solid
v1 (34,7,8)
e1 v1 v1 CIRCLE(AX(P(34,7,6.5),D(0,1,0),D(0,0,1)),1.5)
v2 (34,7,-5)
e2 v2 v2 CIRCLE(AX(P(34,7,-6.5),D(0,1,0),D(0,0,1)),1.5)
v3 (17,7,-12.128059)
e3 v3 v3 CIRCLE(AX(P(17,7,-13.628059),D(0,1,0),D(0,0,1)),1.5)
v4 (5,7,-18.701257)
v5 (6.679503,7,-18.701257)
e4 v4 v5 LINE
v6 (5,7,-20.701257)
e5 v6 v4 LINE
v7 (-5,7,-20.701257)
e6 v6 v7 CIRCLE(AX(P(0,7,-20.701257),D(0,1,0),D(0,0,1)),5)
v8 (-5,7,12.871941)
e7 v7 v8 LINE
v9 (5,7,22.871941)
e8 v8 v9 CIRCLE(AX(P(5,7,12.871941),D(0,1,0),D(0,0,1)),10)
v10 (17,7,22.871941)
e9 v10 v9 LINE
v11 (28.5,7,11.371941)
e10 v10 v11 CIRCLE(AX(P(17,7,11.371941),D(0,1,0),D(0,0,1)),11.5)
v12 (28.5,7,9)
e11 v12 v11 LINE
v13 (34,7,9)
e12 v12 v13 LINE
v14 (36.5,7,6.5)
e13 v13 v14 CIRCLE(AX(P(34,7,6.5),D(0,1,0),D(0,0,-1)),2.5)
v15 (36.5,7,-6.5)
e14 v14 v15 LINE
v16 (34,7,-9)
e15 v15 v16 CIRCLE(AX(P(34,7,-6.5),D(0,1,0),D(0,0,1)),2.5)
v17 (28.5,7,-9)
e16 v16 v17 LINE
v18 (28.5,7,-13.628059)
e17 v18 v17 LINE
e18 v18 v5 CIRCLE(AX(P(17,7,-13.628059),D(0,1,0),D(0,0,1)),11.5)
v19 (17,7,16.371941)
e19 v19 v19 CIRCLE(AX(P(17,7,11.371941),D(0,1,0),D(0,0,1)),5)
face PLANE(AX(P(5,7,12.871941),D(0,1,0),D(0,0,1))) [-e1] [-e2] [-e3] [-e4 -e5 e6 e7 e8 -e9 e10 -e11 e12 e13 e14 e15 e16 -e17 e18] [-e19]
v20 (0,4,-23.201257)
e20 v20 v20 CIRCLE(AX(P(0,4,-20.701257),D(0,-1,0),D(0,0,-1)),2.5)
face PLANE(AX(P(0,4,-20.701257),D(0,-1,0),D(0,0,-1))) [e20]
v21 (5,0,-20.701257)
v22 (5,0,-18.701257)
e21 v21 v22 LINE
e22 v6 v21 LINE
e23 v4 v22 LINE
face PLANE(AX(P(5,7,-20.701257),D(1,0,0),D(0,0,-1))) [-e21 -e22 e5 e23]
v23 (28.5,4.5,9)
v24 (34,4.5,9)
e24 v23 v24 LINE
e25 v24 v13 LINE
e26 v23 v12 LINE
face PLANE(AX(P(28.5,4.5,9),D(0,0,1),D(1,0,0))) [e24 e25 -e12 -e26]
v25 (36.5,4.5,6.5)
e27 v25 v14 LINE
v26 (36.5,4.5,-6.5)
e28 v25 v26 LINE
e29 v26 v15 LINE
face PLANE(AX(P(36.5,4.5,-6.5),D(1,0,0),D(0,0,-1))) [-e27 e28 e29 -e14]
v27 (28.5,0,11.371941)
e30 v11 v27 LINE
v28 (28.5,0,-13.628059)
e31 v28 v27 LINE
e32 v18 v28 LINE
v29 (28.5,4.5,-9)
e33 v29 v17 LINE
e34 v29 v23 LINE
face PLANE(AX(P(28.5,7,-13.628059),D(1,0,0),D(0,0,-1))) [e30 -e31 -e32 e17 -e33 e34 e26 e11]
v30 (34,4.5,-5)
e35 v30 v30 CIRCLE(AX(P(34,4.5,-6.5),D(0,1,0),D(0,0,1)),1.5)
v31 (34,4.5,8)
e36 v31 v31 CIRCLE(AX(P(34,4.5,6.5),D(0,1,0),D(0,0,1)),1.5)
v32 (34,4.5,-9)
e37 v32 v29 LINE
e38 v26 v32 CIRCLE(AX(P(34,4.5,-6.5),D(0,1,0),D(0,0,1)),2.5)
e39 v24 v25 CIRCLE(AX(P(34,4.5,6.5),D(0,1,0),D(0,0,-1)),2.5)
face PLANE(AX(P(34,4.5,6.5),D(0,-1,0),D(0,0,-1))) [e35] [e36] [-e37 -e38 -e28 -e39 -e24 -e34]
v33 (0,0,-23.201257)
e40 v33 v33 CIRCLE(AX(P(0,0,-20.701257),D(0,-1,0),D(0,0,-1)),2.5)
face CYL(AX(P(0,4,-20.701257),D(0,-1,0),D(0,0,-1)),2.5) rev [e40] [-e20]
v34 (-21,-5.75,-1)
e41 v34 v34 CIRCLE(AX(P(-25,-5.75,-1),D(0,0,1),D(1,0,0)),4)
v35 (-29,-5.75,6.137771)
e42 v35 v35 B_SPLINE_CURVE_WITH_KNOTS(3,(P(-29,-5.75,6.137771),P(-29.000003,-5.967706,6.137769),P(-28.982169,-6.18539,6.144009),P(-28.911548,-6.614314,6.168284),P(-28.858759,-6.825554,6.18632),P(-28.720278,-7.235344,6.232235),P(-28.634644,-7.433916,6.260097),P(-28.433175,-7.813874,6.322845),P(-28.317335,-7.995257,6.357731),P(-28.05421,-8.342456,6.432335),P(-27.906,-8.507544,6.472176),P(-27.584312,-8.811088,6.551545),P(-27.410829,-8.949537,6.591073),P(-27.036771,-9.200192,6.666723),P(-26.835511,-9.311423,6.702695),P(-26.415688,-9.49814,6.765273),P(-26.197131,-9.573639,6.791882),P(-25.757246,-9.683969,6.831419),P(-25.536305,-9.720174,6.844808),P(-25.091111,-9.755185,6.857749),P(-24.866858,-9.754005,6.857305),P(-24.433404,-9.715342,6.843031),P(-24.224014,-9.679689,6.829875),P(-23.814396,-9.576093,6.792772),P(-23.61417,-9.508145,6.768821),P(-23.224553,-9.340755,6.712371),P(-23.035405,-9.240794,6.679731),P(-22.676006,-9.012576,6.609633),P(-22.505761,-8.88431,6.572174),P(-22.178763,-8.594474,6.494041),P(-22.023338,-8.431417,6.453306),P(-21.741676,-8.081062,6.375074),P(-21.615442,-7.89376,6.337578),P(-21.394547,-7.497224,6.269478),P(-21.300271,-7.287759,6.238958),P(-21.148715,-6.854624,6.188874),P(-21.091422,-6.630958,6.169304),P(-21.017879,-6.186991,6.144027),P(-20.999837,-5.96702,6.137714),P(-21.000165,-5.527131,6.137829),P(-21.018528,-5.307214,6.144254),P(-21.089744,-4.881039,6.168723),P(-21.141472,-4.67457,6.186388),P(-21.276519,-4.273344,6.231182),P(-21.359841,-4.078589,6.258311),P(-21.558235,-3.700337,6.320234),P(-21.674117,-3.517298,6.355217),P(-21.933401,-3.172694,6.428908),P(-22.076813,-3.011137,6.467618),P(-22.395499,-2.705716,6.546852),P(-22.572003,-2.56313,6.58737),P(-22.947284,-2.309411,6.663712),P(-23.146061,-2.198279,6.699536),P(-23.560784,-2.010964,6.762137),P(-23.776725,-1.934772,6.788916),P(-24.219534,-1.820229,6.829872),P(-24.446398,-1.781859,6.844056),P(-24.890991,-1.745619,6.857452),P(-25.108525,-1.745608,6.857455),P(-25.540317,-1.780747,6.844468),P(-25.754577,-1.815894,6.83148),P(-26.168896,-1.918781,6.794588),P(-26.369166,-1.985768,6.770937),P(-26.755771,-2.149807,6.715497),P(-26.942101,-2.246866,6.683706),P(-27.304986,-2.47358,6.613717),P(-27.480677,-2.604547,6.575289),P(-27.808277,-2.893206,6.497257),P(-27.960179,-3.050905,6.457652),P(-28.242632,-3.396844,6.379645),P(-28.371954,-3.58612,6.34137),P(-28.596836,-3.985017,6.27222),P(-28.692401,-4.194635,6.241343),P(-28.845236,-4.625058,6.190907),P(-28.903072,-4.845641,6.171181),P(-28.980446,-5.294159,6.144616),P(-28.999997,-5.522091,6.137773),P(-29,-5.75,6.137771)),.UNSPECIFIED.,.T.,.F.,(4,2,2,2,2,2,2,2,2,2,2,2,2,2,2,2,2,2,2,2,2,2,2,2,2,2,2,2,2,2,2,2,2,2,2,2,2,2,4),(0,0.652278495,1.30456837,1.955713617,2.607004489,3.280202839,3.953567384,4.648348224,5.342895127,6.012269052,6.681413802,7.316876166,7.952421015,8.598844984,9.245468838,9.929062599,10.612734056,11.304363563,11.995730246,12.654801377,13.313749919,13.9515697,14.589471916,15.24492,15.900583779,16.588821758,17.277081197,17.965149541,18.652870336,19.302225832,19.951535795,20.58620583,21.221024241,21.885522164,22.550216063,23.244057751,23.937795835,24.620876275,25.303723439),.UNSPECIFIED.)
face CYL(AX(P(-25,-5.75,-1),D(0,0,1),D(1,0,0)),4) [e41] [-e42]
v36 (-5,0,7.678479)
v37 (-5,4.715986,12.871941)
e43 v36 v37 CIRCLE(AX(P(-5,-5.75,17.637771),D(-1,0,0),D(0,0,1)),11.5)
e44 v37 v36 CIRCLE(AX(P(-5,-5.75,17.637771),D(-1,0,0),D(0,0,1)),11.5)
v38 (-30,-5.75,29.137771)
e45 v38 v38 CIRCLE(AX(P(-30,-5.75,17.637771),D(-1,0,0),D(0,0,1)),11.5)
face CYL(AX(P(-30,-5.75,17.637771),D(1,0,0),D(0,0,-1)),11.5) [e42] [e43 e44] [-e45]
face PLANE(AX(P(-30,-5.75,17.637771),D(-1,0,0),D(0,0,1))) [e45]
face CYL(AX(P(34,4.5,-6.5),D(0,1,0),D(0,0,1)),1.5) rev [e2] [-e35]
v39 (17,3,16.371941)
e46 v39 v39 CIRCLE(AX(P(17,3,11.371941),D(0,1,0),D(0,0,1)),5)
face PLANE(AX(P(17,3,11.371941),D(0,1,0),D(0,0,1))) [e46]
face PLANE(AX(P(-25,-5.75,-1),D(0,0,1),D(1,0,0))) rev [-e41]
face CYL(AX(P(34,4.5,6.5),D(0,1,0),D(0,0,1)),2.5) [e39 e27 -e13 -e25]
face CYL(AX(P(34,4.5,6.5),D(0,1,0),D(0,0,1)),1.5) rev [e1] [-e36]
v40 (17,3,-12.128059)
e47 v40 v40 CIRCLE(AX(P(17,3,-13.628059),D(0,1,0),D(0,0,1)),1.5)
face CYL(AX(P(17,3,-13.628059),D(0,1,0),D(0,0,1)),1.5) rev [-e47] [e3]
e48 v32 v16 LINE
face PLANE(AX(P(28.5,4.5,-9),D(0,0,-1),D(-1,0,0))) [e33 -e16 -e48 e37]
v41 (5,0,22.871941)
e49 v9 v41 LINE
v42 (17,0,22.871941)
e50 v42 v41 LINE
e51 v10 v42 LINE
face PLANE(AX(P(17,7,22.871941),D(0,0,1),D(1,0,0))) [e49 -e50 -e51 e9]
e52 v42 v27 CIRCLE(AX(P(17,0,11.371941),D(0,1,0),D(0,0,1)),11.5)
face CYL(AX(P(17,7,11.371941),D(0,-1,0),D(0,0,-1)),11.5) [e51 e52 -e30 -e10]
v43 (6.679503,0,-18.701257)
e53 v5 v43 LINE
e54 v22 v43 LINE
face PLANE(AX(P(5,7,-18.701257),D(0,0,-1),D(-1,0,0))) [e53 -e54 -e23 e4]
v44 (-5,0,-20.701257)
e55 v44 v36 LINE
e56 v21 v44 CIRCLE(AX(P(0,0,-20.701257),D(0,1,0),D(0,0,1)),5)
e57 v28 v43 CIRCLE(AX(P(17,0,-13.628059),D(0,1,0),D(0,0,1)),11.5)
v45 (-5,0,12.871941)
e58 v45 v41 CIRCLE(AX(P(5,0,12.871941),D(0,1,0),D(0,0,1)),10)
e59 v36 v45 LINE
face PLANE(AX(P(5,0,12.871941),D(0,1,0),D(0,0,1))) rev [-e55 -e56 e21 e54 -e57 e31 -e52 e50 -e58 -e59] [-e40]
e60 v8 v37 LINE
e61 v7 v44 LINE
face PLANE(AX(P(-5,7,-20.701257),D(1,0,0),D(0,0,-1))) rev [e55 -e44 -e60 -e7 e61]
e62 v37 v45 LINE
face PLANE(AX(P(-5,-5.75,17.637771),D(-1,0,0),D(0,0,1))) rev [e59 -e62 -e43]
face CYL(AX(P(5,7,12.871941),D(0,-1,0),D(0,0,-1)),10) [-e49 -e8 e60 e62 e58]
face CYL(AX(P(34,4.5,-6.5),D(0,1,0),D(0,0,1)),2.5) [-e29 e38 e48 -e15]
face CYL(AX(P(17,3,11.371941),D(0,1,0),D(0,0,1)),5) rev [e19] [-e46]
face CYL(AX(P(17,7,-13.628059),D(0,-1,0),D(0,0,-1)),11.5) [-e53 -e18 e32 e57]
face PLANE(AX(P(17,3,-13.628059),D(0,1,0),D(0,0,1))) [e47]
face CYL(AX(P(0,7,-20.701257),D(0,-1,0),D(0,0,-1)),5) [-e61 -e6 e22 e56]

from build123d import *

# Parameters (mm, degrees)
BOSS_EXTRUDE1_DEPTH = 7
SKETCH2_R           = 2.5
CUT_EXTRUDE1_DEPTH  = 4
SKETCH3_R           = 1.5
SKETCH3_R_2         = 5
CUT_EXTRUDE2_DEPTH  = 4
SKETCH4_R           = 11.5
BOSS_EXTRUDE2_DEPTH = 25
SKETCH5_R           = 4
BOSS_EXTRUDE3_DEPTH = 11
SKETCH6_R           = 1.5
BOSS_EXTRUDE4_DEPTH = 2.5


with BuildPart() as part:
    # Sketch1 → Boss-Extrude1 (new body)
    with BuildSketch(Plane(origin=(0, 0, 0), x_dir=(1, 0, 0), z_dir=(0, 1, 0))):
        with BuildLine():
            Line((28.5, 13.628059387), (28.5, -11.371940613))
            ThreePointArc((28.5, -11.371940613), (25.131727984, -19.503668597), (17, -22.871940613))
            Line((17, -22.871940613), (5, -22.871940613))
            ThreePointArc((5, -22.871940613), (-2.071067812, -19.943008425), (-5, -12.871940613))
            Line((-5, -12.871940613), (-5, 20.70125692))
            ThreePointArc((-5, 20.70125692), (0, 25.70125692), (5, 20.70125692))
            Line((5, 20.70125692), (5, 18.70125692))
            Line((5, 18.70125692), (6.67950259, 18.70125692))
            ThreePointArc((6.67950259, 18.70125692), (19.604254191, 24.829303072), (28.5, 13.628059387))
        make_face()
    extrude(amount=BOSS_EXTRUDE1_DEPTH)

    # Sketch2 → Cut-Extrude1 (cut)
    with BuildSketch(Plane.XZ):
        with Locations((0, -20.70125692)):
            Circle(SKETCH2_R)
    extrude(amount=-CUT_EXTRUDE1_DEPTH, mode=Mode.SUBTRACT)

    # Sketch3 → Cut-Extrude2 (cut)
    with BuildSketch(Plane(origin=(0, 7, 0), x_dir=(1, 0, 0), z_dir=(0, 1, 0))):
        with Locations((17, 13.628059387)):
            Circle(SKETCH3_R)
        with Locations((17, -11.371940613)):
            Circle(SKETCH3_R_2)
    extrude(amount=-CUT_EXTRUDE2_DEPTH, mode=Mode.SUBTRACT)

    # Sketch4 → Boss-Extrude2 (add)
    with BuildSketch(Plane.ZY.offset(5)):
        with Locations((17.637770726, -5.75)):
            Circle(SKETCH4_R)
    extrude(amount=BOSS_EXTRUDE2_DEPTH)

    # Sketch5 → Boss-Extrude3 (add)
    with BuildSketch(Plane.XY.offset(10)):
        with Locations((-25, -5.75)):
            Circle(SKETCH5_R)
    extrude(amount=-BOSS_EXTRUDE3_DEPTH)

    # Sketch6 → Boss-Extrude4 (add)
    with BuildSketch(Plane(origin=(0, 7, 0), x_dir=(1, 0, 0), z_dir=(0, 1, 0))):
        with BuildLine():
            Line((28.5, 9), (34, 9))
            ThreePointArc((34, 9), (35.767766953, 8.267766953), (36.5, 6.5))
            Line((36.5, 6.5), (36.5, -6.5))
            ThreePointArc((36.5, -6.5), (35.767766953, -8.267766953), (34, -9))
            Line((34, -9), (28.5, -9))
            Line((28.5, -9), (28.5, 9))
        make_face()
        with Locations((34, -6.5)):
            Circle(SKETCH6_R, mode=Mode.SUBTRACT)
        with Locations((34, 6.5)):
            Circle(SKETCH6_R, mode=Mode.SUBTRACT)
    extrude(amount=-BOSS_EXTRUDE4_DEPTH)


solid = part.part
